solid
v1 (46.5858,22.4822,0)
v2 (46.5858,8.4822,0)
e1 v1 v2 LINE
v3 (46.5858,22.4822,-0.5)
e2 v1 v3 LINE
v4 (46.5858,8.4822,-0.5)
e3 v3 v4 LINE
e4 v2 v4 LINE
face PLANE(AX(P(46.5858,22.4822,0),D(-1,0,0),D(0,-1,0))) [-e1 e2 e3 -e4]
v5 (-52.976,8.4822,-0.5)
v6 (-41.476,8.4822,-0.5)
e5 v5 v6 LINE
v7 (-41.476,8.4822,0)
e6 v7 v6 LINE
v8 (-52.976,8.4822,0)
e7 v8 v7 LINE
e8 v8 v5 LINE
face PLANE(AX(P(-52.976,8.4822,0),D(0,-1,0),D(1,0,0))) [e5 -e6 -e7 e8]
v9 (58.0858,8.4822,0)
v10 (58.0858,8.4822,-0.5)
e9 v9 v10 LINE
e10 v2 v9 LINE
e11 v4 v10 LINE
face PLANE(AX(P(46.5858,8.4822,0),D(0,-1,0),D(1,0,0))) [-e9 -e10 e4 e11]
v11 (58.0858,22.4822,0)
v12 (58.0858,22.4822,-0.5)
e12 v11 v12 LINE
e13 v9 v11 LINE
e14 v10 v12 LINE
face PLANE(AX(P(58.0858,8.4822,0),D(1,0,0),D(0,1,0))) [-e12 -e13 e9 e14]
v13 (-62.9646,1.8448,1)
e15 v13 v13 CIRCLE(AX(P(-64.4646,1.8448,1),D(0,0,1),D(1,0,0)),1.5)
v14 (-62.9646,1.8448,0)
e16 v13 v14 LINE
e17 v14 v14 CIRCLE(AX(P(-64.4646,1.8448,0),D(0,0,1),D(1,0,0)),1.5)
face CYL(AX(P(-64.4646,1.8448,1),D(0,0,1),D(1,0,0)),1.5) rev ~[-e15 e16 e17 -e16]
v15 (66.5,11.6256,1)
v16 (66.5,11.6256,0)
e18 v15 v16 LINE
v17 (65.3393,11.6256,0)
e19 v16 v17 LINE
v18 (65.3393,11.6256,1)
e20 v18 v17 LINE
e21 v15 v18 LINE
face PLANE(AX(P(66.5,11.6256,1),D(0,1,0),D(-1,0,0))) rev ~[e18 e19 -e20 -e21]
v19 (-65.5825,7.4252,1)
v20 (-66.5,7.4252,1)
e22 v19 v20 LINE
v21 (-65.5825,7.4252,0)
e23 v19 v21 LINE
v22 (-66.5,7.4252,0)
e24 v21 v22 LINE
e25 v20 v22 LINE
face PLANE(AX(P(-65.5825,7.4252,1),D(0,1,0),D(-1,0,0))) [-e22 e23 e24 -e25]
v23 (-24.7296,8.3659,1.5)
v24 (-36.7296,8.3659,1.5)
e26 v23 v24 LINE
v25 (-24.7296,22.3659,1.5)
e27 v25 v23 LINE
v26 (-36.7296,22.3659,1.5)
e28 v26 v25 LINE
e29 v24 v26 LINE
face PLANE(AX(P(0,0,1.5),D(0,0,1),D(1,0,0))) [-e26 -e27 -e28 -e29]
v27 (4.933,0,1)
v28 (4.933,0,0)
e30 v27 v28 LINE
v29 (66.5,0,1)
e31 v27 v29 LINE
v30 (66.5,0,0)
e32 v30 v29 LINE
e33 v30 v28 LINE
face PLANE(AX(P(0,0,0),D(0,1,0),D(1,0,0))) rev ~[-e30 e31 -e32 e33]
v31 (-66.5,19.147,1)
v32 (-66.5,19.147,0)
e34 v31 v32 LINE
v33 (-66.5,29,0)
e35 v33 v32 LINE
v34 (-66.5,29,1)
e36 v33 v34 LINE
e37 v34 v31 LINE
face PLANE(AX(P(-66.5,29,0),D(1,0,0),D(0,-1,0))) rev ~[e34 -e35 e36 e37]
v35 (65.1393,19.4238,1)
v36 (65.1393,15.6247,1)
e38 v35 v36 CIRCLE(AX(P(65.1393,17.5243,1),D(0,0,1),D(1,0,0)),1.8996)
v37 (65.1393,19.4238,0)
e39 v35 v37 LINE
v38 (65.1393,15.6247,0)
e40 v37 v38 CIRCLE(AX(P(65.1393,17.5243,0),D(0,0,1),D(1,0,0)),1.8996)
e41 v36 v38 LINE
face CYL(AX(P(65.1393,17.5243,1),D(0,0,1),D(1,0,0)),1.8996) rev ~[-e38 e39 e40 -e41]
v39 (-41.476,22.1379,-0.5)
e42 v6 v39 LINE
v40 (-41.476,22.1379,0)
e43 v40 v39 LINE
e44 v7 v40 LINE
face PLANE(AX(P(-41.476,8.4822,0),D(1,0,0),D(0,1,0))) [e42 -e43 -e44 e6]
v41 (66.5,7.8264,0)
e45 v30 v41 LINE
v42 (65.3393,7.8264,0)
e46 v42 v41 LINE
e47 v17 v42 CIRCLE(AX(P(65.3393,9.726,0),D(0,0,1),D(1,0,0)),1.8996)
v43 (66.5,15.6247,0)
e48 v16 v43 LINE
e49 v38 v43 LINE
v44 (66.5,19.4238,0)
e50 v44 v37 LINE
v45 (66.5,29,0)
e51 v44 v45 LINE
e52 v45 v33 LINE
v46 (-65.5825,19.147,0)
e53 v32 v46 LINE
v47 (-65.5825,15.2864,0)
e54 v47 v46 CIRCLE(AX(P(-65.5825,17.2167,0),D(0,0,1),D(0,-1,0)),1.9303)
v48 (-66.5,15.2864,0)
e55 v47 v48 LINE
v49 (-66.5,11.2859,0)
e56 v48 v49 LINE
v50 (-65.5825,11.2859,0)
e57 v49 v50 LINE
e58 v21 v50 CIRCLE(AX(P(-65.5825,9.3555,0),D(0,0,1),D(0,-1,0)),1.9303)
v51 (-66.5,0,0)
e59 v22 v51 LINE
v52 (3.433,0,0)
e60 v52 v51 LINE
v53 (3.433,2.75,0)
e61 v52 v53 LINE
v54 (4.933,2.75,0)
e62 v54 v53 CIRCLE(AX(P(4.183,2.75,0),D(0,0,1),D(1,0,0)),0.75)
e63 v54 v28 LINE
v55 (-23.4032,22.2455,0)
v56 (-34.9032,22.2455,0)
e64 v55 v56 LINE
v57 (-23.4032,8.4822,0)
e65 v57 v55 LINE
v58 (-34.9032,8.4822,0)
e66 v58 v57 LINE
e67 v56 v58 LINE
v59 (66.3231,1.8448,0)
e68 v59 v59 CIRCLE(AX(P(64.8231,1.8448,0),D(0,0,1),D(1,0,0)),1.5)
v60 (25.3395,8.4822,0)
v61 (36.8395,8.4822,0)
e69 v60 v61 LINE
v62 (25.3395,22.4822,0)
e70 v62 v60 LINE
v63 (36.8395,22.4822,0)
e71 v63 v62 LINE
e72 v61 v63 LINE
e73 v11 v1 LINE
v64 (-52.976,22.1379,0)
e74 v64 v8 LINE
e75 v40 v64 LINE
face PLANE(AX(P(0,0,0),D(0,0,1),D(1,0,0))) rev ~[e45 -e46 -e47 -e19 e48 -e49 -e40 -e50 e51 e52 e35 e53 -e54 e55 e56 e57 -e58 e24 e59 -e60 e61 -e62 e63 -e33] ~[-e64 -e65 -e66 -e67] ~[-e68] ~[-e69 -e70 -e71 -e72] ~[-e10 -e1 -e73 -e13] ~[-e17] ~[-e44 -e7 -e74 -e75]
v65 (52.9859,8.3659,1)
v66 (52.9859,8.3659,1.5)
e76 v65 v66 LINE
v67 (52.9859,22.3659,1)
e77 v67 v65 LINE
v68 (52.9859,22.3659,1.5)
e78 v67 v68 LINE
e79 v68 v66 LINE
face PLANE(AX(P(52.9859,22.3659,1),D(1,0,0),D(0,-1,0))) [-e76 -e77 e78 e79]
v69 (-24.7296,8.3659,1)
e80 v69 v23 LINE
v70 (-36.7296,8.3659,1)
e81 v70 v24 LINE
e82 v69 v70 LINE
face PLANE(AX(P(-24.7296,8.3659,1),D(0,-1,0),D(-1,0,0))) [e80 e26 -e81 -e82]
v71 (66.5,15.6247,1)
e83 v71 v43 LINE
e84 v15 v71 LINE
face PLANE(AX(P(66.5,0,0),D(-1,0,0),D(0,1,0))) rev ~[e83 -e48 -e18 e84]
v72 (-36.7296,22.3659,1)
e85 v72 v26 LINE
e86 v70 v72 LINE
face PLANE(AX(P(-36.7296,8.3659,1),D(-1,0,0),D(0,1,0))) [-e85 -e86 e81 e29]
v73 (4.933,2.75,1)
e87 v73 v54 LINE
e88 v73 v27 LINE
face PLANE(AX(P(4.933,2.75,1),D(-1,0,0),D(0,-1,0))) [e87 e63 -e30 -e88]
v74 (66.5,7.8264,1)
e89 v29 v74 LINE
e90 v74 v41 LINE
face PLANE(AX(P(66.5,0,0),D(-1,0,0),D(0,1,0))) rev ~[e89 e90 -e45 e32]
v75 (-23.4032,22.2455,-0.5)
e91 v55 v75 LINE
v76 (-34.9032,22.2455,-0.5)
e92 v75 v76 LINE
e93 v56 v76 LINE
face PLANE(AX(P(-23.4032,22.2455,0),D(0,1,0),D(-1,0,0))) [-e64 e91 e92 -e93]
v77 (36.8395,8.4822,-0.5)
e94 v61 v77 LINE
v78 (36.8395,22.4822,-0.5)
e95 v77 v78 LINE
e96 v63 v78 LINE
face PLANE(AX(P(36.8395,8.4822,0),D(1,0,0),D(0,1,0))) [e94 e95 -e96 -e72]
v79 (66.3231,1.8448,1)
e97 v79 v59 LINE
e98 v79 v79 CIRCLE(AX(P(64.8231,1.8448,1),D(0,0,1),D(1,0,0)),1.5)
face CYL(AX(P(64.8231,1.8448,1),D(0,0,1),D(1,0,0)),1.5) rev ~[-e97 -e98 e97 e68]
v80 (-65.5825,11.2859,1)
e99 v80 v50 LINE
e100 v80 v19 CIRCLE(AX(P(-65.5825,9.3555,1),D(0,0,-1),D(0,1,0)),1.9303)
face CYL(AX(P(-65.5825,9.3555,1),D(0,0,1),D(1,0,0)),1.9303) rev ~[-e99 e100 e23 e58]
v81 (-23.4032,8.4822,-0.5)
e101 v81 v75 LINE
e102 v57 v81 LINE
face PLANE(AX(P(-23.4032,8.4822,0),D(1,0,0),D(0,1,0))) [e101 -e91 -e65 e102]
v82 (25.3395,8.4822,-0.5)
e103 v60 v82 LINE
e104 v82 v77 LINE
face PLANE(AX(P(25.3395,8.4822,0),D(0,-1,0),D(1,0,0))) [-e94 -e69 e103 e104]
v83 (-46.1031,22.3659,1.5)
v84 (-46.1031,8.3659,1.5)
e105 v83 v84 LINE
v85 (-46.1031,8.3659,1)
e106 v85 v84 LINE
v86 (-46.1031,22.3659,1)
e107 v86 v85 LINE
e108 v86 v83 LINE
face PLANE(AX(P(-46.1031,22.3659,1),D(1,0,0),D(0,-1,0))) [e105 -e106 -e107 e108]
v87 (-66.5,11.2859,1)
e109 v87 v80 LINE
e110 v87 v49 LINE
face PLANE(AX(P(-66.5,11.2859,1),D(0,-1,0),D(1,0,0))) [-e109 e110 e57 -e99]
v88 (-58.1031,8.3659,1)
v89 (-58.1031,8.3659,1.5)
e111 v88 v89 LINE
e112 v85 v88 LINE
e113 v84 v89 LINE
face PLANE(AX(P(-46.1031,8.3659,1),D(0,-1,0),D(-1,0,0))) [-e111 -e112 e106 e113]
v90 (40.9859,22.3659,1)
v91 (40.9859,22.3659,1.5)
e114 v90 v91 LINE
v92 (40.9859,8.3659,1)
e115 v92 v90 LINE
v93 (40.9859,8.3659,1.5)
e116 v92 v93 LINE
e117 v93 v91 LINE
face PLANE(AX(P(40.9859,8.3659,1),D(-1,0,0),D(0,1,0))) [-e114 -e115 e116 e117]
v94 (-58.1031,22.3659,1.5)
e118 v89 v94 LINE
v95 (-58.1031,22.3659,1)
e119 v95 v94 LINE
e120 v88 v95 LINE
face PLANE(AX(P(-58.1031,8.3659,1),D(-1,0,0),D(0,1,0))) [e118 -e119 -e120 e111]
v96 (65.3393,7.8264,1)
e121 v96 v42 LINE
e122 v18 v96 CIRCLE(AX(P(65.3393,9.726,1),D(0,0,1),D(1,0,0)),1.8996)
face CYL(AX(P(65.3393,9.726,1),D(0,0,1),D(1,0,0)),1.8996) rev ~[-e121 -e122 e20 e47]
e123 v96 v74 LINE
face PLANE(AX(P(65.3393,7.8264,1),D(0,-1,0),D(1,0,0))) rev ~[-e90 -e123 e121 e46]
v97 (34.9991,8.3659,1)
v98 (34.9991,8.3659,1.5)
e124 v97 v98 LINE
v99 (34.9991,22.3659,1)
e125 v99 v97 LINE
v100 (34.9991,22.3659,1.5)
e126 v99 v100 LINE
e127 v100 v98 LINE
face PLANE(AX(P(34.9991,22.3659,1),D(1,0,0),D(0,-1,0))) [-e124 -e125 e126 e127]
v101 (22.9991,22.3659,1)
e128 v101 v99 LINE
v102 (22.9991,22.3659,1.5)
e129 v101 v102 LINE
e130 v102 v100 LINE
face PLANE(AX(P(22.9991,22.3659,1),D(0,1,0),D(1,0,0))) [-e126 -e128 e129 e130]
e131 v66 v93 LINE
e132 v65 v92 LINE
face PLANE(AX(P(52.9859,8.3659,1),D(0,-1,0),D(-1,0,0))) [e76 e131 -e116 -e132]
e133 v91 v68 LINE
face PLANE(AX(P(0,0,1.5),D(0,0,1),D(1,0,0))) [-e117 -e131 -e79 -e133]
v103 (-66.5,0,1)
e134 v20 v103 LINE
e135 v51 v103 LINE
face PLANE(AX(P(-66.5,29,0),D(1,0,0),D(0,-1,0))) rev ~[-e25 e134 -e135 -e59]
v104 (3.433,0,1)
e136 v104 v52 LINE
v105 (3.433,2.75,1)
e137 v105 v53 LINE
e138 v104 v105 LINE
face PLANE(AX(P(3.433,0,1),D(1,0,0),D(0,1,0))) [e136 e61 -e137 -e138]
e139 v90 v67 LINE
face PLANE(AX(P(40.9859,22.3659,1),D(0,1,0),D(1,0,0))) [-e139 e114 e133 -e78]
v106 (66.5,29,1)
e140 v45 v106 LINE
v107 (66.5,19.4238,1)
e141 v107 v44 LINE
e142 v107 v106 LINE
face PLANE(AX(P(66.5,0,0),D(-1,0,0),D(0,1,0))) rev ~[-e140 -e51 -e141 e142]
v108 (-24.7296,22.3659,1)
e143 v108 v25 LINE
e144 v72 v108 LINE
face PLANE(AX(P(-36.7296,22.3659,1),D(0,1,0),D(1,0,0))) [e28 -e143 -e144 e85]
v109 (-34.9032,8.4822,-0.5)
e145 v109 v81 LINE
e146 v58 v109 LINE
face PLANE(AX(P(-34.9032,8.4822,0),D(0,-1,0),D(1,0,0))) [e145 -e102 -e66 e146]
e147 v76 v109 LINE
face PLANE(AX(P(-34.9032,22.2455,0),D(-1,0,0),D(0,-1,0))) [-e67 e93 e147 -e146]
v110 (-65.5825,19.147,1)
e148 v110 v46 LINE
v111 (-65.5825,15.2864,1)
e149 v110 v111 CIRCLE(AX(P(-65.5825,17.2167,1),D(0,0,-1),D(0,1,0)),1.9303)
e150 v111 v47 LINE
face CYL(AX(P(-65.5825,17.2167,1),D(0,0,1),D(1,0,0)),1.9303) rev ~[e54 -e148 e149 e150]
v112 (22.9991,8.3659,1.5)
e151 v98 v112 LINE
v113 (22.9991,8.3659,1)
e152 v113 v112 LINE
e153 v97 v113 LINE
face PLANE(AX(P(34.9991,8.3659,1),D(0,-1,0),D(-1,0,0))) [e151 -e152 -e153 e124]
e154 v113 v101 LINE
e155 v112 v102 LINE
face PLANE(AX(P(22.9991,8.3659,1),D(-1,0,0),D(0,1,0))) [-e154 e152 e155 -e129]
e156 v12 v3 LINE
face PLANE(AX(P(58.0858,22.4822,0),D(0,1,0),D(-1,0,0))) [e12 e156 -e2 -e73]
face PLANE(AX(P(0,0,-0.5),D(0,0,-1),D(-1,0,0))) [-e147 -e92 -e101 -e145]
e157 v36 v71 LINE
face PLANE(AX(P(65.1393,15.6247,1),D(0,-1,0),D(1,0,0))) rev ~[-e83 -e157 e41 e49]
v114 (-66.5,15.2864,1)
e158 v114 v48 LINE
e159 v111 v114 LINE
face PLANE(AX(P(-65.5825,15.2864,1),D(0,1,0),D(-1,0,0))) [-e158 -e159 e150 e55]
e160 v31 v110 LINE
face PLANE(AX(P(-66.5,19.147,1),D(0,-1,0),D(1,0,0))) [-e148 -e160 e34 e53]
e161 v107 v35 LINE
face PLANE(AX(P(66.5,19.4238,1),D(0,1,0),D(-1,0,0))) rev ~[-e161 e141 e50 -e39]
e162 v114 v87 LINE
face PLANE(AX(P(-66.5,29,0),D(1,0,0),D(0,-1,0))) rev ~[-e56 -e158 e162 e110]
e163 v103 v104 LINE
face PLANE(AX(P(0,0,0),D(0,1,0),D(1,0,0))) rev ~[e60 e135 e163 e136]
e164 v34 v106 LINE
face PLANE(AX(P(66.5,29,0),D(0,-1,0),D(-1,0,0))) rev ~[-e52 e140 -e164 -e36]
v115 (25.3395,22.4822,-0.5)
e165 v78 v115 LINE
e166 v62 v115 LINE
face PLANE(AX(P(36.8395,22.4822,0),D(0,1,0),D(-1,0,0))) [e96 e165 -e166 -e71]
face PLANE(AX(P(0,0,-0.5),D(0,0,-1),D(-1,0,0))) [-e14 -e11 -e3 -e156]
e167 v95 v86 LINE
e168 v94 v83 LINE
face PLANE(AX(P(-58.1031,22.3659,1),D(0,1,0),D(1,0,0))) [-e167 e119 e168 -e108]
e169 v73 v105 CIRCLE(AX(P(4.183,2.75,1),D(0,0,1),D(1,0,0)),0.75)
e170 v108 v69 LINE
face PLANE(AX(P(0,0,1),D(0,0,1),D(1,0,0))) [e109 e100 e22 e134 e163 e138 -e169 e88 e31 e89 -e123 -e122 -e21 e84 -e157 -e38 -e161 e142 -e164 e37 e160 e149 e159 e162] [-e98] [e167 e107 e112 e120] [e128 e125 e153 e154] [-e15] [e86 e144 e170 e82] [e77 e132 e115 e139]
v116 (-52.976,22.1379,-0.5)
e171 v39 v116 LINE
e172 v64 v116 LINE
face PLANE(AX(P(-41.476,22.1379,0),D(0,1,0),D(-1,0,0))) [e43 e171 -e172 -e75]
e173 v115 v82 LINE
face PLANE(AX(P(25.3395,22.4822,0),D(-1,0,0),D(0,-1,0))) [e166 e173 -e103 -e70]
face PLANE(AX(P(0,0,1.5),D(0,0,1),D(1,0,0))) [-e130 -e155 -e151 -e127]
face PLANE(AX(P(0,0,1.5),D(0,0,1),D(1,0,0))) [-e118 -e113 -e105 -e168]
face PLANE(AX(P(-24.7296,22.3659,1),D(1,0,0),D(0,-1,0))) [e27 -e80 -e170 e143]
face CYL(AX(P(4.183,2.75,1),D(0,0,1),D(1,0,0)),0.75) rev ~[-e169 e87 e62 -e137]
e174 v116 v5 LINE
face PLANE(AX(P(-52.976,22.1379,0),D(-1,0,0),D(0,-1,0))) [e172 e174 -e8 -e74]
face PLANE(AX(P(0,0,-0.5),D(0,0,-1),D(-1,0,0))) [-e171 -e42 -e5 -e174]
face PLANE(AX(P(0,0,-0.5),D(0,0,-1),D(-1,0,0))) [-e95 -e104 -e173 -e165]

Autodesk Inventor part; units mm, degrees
ref_plane "YZ Plane" through (0, 0, 0) normal (1, 0, 0) x (0, 1, 0)
ref_plane "XZ Plane" through (0, 0, 0) normal (0, 1, 0) x (-1, 0, 0)
ref_plane "XY Plane" through (0, 0, 0) normal (0, 0, 1) x (1, 0, 0)
sketch "Sketch1" plane through (0, 0, 0) normal (0, 0, 1) x (1, 0, 0)
  line L0 (0, 37.7) -> (0, -2.9) projected
  line L1 (-79.8, 0) -> (106.4, 0) projected
  line L2 (-66.5, 0) -> (66.5, 0)
  line L3 (66.5, 0) -> (66.5, 29)
  line L4 (66.5, 29) -> (-66.5, 29)
  line L5 (-66.5, 29) -> (-66.5, 0)
  dimension "d0" = 133
  dimension "d1" = 29
extrude "Extrusion1" add sketch "Sketch1" along normal blind 1
decal "Decal1"
decal "Decal2"
sketch "Sketch5" plane through (0, 0, 1) normal (0, 0, 1) x (1, 0, 0)
  line L0 (-66.5, 0) -> (-66.5, 29) projected
  line L1 (66.5, 29) -> (66.5, 0) projected
  line L2 (-66.5, 19.147) -> (-65.5825, 19.147)
  line L3 (-65.5825, 19.147) -> (-65.5825, 15.2864)
  line L4 (-65.5825, 15.2864) -> (-66.5, 15.2864)
  line L5 (-66.5, 15.2864) -> (-66.5, 19.147)
  line L6 (-66.5, 11.2859) -> (-65.5825, 11.2859)
  line L7 (-65.5825, 11.2859) -> (-65.5825, 7.4252)
  line L8 (-65.5825, 7.4252) -> (-66.5, 7.4252)
  line L9 (-66.5, 7.4252) -> (-66.5, 11.2859)
  circle A0 centre (-65.5825, 17.2167) radius 1.9303
  circle A1 centre (-65.5825, 9.3555) radius 1.9303
  line L10 (66.5, 19.4238) -> (65.1393, 19.4238)
  line L11 (65.1393, 19.4238) -> (65.1393, 15.6247)
  line L12 (65.1393, 15.6247) -> (66.5, 15.6247)
  line L13 (66.5, 15.6247) -> (66.5, 19.4238)
  line L14 (66.5, 11.6256) -> (65.3393, 11.6256)
  line L15 (65.3393, 11.6256) -> (65.3393, 7.8264)
  line L16 (65.3393, 7.8264) -> (66.5, 7.8264)
  line L17 (66.5, 7.8264) -> (66.5, 11.6256)
  circle A2 centre (65.1393, 17.5243) radius 1.8996
  circle A3 centre (65.3393, 9.726) radius 1.8996
  circle A4 centre (-64.4646, 1.8448) radius 1.5
  circle A5 centre (64.8231, 1.8448) radius 1.5
  dimension "d12" = 3
extrude "Extrusion2" cut sketch "Sketch5" against normal through all
sketch "Sketch6" plane through (0, 0, 1) normal (0, 0, 1) x (1, 0, 0)
  line L0 (66.5, 0) -> (-66.5, 0) projected
  line L1 (3.433, 2.75) -> (4.933, 2.75)
  line L2 (4.933, 2.75) -> (4.933, 0)
  line L3 (4.933, 0) -> (3.433, 0)
  line L4 (3.433, 0) -> (3.433, 2.75)
  circle A0 centre (4.183, 2.75) radius 0.75
  dimension "d15" = 1.5
  dimension "d16" = 2.75
extrude "Extrusion3" cut sketch "Sketch6" against normal through all
sketch "Sketch7" plane through (0, 0, 1) normal (0, 0, 1) x (1, 0, 0)
  line L0 (-46.1031, 8.3659) -> (-58.1031, 8.3659)
  line L1 (-58.1031, 8.3659) -> (-58.1031, 22.3659)
  line L2 (-58.1031, 22.3659) -> (-46.1031, 22.3659)
  line L3 (-46.1031, 22.3659) -> (-46.1031, 8.3659)
  line L4 (-36.7296, 22.3659) -> (-24.7296, 22.3659)
  line L5 (-24.7296, 22.3659) -> (-24.7296, 8.3659)
  line L6 (-24.7296, 8.3659) -> (-36.7296, 8.3659)
  line L7 (-36.7296, 8.3659) -> (-36.7296, 22.3659)
  line L8 (22.9991, 22.3659) -> (34.9991, 22.3659)
  line L9 (34.9991, 22.3659) -> (34.9991, 8.3659)
  line L10 (34.9991, 8.3659) -> (22.9991, 8.3659)
  line L11 (22.9991, 8.3659) -> (22.9991, 22.3659)
  line L12 (40.9859, 22.3659) -> (52.9859, 22.3659)
  line L13 (52.9859, 22.3659) -> (52.9859, 8.3659)
  line L14 (52.9859, 8.3659) -> (40.9859, 8.3659)
  line L15 (40.9859, 8.3659) -> (40.9859, 22.3659)
  dimension "d21" = 14
  dimension "d22" = 12
extrude "Extrusion4" add sketch "Sketch7" along normal blind 0.5
sketch "Sketch8" plane through (0, 0, 0) normal (0, 0, -1) x (-1, 0, 0)
  line L0 (-58.0858, 22.4822) -> (-46.5858, 22.4822)
  line L1 (-46.5858, 22.4822) -> (-46.5858, 8.4822)
  line L2 (-46.5858, 8.4822) -> (-58.0858, 8.4822)
  line L3 (-58.0858, 8.4822) -> (-58.0858, 22.4822)
  line L4 (-36.8395, 22.4822) -> (-25.3395, 22.4822)
  line L5 (-25.3395, 22.4822) -> (-25.3395, 8.4822)
  line L6 (-25.3395, 8.4822) -> (-36.8395, 8.4822)
  line L7 (-36.8395, 8.4822) -> (-36.8395, 22.4822)
  line L8 (23.4032, 22.2455) -> (34.9032, 22.2455)
  line L9 (34.9032, 22.2455) -> (34.9032, 8.4822)
  line L10 (34.9032, 8.4822) -> (23.4032, 8.4822)
  line L11 (23.4032, 8.4822) -> (23.4032, 22.2455)
  line L12 (41.476, 22.1379) -> (52.976, 22.1379)
  line L13 (52.976, 22.1379) -> (52.976, 8.4822)
  line L14 (52.976, 8.4822) -> (41.476, 8.4822)
  line L15 (41.476, 8.4822) -> (41.476, 22.1379)
  dimension "d28" = 11.5
  dimension "d29" = 14
extrude "Extrusion5" add sketch "Sketch8" along normal blind 0.5
sketch "Sketch3" plane through (0, 0, 1) normal (0, 0, 1) x (1, 0, 0)
  line L0 (-66.5, 29) -> (66.5, 29) construction
  line L1 (66.5, 29) -> (66.5, -0.391) construction
  line L2 (66.5, -0.391) -> (-66.5, -0.391) construction
  line L3 (-66.5, -0.391) -> (-66.5, 29) construction
sketch "Sketch4" plane through (0, 0, 0) normal (0, 0, -1) x (-1, 0, 0)
  line L0 (-66.5, 29) -> (66.5, 29) construction
  line L1 (66.5, 29) -> (66.5, -0.391) construction
  line L2 (66.5, -0.391) -> (-66.5, -0.391) construction
  line L3 (-66.5, -0.391) -> (-66.5, 29) construction
properties part number "config - ram"
